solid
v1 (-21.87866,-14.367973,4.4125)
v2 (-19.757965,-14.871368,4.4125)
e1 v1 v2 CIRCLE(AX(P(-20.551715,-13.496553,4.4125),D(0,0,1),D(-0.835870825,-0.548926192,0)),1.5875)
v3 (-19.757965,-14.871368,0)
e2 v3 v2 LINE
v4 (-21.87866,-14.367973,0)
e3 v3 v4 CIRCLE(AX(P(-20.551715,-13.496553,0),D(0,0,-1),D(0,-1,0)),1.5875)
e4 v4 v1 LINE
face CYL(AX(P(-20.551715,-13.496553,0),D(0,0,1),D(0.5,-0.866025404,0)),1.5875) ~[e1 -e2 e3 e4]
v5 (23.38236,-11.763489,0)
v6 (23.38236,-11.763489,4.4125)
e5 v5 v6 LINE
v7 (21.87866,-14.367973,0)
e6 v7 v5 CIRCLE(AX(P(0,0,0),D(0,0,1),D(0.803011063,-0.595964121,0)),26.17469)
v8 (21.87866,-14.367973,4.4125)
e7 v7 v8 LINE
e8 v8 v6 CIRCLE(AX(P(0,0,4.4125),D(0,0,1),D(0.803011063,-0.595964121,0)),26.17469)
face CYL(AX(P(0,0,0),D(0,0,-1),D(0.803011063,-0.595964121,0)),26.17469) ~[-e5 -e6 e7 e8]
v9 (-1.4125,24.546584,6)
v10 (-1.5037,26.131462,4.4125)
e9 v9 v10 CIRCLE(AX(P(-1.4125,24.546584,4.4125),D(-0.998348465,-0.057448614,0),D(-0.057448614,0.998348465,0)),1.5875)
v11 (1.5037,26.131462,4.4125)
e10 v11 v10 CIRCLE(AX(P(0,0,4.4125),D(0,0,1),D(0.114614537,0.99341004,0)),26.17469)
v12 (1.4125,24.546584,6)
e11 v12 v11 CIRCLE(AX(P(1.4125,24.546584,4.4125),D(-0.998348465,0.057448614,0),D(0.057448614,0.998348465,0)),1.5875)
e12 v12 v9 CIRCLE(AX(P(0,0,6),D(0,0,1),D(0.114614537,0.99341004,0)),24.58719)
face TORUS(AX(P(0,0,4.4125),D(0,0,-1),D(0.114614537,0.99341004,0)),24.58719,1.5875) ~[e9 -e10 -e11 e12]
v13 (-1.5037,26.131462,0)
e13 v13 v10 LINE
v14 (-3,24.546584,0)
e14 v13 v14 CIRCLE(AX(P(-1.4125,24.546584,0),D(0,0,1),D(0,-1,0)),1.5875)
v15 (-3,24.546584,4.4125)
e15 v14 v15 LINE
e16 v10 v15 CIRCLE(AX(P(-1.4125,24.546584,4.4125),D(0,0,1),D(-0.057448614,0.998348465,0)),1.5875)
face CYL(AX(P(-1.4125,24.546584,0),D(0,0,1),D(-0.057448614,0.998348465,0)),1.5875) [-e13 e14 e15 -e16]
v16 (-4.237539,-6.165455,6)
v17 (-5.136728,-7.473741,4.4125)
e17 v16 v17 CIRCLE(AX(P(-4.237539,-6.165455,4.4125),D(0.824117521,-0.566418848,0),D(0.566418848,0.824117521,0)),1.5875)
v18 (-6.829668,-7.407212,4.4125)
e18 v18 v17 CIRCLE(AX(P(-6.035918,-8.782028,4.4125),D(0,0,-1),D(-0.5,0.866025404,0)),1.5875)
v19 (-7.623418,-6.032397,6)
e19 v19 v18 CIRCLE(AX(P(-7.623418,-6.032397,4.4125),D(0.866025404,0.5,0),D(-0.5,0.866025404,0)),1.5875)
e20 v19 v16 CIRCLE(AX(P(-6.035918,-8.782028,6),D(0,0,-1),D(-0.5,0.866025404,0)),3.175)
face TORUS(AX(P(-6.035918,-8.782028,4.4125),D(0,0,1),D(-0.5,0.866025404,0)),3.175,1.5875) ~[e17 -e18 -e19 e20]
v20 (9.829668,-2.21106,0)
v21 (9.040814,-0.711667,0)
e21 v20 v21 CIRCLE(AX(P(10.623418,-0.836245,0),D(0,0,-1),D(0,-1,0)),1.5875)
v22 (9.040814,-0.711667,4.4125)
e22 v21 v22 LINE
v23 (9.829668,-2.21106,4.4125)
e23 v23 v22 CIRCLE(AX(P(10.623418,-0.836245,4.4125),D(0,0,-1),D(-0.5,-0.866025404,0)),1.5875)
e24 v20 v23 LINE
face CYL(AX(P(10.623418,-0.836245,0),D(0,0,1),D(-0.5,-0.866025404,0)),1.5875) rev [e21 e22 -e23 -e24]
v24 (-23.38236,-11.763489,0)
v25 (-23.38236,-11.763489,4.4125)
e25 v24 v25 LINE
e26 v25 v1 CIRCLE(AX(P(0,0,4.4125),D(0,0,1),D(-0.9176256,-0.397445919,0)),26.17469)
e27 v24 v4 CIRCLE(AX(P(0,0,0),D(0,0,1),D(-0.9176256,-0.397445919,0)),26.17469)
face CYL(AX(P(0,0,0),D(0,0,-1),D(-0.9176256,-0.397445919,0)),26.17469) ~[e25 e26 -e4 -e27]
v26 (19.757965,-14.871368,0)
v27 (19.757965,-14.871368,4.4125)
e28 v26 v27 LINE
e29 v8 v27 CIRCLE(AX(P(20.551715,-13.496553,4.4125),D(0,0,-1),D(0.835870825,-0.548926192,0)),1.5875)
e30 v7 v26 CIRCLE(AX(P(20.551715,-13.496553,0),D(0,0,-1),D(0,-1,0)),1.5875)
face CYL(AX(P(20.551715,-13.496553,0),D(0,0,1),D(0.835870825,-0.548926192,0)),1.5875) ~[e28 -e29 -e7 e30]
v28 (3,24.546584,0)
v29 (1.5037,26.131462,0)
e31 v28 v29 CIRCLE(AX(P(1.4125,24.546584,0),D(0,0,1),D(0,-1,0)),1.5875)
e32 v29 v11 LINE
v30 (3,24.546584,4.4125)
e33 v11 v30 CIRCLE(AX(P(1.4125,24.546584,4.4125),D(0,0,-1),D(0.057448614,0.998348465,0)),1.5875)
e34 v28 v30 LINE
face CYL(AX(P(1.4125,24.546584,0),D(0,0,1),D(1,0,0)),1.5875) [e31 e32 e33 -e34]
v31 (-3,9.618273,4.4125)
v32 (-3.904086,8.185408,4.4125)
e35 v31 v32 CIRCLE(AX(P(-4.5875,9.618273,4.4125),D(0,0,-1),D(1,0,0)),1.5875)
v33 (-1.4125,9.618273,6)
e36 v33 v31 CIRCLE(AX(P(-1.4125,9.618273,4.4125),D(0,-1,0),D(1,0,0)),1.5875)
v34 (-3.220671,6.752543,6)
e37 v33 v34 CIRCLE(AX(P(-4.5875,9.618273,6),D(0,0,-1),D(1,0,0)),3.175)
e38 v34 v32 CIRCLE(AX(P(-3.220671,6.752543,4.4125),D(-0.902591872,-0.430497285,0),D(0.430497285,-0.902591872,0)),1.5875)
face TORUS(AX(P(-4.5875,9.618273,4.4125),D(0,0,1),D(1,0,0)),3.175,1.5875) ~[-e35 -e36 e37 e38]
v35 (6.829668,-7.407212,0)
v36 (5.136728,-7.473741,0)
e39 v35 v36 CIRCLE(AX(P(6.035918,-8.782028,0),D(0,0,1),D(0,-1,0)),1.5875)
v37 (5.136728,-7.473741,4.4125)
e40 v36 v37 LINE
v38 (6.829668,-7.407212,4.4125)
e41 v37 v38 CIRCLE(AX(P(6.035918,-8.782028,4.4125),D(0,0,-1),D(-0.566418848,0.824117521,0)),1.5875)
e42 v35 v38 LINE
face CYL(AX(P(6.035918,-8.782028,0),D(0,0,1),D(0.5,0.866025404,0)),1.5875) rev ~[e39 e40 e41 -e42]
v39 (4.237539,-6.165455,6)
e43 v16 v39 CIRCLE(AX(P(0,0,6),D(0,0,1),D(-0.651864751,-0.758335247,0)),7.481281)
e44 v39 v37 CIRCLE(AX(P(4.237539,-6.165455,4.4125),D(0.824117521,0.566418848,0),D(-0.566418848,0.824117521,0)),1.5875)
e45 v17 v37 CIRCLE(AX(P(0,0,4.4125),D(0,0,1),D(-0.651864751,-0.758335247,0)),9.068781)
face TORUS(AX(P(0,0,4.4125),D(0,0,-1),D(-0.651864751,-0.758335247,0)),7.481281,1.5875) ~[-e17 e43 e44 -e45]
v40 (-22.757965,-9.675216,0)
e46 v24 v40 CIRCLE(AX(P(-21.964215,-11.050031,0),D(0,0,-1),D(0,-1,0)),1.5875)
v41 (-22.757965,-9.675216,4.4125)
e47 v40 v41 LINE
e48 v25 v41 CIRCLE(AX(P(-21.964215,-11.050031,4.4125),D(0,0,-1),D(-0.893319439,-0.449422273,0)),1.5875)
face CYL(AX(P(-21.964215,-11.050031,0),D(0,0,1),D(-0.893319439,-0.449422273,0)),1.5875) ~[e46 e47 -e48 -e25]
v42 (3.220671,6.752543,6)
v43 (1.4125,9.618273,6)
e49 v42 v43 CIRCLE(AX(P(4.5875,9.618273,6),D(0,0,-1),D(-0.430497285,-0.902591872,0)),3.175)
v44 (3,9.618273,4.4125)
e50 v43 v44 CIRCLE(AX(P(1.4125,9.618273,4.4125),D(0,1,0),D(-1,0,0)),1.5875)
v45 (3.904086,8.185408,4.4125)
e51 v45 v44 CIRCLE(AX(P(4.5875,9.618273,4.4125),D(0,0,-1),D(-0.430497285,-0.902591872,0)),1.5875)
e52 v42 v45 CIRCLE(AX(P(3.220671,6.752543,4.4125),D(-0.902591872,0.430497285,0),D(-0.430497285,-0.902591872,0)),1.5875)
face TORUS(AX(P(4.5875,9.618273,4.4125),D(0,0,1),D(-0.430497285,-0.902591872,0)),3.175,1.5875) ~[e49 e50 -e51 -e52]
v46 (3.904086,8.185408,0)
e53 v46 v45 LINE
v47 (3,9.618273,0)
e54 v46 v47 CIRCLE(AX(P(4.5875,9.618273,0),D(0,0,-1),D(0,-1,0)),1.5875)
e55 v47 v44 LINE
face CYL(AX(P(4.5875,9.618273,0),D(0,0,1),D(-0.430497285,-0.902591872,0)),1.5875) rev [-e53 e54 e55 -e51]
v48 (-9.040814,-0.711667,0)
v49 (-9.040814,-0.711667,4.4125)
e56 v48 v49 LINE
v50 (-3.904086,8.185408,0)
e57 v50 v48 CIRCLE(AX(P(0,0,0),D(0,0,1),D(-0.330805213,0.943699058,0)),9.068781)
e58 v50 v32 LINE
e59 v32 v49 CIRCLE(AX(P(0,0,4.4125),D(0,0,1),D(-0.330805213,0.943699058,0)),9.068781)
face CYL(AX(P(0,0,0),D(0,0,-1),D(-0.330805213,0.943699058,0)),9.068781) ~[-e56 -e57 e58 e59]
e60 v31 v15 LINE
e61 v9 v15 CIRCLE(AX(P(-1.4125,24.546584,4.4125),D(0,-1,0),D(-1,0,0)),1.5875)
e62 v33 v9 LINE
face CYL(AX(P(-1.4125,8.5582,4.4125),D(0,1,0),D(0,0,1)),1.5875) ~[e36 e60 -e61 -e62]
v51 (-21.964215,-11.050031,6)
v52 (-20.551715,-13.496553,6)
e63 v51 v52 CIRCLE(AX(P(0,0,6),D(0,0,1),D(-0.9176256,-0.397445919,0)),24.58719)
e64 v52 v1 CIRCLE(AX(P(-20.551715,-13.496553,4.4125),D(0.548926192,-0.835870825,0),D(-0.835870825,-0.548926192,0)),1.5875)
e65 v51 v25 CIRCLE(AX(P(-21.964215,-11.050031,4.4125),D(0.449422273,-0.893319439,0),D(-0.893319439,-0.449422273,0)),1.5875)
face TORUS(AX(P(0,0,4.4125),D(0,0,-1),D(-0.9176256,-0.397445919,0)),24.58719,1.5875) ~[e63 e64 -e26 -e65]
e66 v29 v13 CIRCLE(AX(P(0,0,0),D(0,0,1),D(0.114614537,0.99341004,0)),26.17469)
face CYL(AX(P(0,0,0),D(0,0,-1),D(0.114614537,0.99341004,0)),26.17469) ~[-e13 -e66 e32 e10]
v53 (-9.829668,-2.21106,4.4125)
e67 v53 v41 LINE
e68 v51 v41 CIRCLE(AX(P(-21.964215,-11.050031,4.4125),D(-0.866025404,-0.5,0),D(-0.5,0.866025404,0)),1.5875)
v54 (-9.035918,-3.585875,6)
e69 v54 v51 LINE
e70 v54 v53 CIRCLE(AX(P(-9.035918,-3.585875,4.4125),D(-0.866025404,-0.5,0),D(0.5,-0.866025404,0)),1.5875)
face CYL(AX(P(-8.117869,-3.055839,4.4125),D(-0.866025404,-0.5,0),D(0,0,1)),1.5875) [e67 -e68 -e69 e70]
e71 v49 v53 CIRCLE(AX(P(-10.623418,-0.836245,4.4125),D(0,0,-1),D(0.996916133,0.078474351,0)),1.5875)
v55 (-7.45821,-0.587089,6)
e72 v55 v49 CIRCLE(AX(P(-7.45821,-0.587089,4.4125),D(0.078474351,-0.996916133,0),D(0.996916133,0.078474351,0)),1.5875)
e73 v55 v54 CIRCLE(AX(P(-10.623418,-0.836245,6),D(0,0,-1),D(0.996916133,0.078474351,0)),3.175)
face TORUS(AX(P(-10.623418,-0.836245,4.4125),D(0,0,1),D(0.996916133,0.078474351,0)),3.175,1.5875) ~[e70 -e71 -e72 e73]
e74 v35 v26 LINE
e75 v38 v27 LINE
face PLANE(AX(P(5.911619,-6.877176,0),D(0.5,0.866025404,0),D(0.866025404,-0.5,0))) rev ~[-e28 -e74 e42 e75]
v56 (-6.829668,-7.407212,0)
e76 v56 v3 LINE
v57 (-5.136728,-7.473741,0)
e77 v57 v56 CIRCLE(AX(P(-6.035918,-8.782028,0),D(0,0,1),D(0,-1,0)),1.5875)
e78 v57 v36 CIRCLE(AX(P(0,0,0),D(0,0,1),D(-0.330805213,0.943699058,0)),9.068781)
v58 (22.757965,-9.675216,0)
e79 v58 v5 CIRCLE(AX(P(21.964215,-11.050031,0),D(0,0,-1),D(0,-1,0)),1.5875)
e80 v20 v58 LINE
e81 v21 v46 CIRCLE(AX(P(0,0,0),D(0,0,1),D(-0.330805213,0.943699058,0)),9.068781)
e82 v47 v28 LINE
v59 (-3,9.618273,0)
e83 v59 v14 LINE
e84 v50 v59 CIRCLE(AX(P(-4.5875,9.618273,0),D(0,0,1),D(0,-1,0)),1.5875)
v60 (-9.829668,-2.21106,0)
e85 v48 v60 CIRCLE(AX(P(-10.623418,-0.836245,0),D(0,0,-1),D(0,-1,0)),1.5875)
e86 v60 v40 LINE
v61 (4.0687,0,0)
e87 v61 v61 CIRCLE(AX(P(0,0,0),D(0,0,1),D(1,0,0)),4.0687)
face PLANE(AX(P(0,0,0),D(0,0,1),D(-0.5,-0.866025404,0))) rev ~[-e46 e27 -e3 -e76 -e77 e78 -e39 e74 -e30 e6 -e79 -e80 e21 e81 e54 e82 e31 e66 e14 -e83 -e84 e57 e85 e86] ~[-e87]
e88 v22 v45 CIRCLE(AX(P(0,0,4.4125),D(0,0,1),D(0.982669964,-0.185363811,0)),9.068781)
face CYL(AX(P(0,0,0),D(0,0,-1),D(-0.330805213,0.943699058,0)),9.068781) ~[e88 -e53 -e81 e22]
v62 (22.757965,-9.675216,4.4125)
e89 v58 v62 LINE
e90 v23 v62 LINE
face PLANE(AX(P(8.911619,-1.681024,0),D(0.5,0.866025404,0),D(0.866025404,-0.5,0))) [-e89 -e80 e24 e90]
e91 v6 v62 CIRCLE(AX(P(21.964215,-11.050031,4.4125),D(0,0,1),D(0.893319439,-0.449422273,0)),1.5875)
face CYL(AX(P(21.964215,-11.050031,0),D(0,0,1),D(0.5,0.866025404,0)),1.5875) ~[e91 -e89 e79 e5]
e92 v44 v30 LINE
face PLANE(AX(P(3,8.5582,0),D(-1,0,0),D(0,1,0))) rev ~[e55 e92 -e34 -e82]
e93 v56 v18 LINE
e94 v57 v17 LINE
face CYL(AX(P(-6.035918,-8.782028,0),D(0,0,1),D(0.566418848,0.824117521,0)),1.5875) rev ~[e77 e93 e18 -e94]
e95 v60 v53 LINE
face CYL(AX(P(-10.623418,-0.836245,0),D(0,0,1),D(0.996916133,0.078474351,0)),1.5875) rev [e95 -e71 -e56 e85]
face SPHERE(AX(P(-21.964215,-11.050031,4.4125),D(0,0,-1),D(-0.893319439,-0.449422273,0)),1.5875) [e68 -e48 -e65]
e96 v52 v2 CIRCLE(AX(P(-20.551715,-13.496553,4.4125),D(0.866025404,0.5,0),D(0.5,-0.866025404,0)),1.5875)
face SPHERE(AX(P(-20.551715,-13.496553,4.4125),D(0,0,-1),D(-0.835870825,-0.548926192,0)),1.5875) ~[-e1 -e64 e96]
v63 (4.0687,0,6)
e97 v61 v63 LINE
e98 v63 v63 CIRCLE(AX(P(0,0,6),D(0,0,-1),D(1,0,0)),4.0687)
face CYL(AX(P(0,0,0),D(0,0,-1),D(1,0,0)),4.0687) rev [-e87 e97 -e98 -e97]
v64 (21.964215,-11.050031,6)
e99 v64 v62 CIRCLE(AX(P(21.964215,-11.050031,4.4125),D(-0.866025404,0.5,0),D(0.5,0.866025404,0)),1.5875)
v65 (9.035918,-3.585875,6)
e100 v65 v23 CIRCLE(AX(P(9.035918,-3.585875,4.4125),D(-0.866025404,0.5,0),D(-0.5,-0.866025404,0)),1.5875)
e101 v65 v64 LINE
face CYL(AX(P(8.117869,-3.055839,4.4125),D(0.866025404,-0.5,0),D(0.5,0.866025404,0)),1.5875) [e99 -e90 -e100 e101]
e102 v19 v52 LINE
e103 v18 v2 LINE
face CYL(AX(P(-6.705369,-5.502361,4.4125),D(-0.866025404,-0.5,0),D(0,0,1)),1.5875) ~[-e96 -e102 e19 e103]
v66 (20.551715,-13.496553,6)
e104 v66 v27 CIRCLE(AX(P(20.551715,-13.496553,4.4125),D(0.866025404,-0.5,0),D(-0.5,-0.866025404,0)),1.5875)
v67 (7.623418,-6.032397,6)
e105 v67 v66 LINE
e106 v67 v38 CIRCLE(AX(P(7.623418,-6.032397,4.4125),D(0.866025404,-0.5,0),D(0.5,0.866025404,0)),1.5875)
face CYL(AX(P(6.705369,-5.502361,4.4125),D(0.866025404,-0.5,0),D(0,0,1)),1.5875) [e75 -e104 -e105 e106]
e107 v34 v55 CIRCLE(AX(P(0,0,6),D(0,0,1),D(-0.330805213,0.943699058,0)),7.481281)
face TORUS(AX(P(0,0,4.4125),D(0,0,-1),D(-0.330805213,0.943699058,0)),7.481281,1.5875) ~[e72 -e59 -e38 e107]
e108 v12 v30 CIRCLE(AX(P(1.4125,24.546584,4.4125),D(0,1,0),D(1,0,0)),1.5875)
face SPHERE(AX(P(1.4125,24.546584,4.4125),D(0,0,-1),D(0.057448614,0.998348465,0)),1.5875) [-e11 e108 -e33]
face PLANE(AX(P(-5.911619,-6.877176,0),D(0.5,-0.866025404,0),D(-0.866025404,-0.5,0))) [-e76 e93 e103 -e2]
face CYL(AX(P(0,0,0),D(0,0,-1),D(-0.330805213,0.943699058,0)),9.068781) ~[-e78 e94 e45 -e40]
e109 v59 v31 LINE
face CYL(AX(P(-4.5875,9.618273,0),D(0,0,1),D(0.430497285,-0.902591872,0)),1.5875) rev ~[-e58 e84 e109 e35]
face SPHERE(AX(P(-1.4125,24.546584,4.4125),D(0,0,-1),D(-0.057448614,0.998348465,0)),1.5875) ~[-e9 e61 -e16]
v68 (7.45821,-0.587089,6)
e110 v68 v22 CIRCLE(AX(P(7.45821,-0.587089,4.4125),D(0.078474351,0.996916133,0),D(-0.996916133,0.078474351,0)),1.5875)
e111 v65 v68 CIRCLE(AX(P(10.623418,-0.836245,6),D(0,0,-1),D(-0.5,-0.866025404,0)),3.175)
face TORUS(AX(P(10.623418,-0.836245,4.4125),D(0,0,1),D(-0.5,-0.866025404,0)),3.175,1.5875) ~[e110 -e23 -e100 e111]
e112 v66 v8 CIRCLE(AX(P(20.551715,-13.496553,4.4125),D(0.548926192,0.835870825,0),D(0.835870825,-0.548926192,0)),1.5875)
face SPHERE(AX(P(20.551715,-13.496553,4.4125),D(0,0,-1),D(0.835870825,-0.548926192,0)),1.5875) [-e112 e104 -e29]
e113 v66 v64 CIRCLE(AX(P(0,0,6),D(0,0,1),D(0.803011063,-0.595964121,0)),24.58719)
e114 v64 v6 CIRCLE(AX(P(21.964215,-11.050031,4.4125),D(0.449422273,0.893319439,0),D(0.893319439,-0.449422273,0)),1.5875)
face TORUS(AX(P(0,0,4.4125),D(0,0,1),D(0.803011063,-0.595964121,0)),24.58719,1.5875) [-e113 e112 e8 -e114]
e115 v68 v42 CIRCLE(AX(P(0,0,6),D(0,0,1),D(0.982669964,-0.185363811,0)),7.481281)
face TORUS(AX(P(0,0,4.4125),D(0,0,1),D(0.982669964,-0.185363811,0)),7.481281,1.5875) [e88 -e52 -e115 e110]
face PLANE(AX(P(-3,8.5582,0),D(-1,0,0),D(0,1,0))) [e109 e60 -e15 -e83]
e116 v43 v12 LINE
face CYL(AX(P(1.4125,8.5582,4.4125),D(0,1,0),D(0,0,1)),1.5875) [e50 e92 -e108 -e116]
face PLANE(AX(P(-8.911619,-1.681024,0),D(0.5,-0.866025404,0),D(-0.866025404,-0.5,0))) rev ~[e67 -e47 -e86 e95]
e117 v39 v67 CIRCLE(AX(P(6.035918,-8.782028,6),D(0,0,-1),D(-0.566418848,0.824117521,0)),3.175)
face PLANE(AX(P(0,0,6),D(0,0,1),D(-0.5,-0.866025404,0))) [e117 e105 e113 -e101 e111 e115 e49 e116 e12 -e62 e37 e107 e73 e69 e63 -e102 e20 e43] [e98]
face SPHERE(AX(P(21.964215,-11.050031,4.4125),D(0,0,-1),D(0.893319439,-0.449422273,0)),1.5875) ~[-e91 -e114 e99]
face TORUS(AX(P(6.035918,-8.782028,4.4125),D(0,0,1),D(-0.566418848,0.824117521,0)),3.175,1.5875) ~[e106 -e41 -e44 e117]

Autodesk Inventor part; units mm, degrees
ref_plane "YZ Plane" through (0, 0, 0) normal (1, 0, 0) x (0, 1, 0)
ref_plane "XZ Plane" through (0, 0, 0) normal (0, 1, 0) x (-1, 0, 0)
ref_plane "XY Plane" through (0, 0, 0) normal (0, 0, 1) x (1, 0, 0)
sketch "Sketch1" plane through (0, 0, 0) normal (0, 0, 1) x (1, 0, 0)
  circle A0 centre (0, 0) radius 4.0687
  arc A1 (-3, 8.5582) -> (3, 8.5582) centre (0, 0) ccw
  arc A2 (3, 26.0022) -> (-3, 26.0022) centre (0, 0) ccw
  line L0 (-3, 8.5582) -> (-3, 26.0022)
  line L1 (3, 8.5582) -> (3, 26.0022)
  dimension "d0" = 26.1747
  dimension "d2" = 6
  dimension "d3" = 5
  dimension "d4" = 8.1375
extrude "Extrusion1" add sketch "Sketch1" along normal blind 6
pattern_circular "Circular Pattern1" count 3 over 360 about axis through (0, 0, 0) along (0, 0, 1) of "Extrusion1"
fillet "Fillet1" radius 1.5875 24 edges at (-5.9116, -6.8772, 3) (5.9116, -6.8772, 3) (8.9116, -1.681, 3) (3, 8.5582, 3) (-3, 8.5582, 3) (-8.9116, -1.681, 3) (-21.0186, -15.5992, 3) (-24.0186, -10.403, 3) (-3, 26.0022, 3) (3, 26.0022, 3) (21.0186, -15.5992, 3) (24.0186, -10.403, 3) (-22.668, -13.0874, 6) (0, 26.1747, 6) (22.668, -13.0874, 6) (-13.4651, -11.2382, 6) (0, -9.0687, 6) (13.4651, -11.2382, 6) (16.4651, -6.042, 6) (7.8538, 4.5344, 6) (3, 17.2802, 6) (-3, 17.2802, 6) (-7.8538, 4.5344, 6) (-16.4651, -6.042, 6)
properties part number "ALLIGNER"
